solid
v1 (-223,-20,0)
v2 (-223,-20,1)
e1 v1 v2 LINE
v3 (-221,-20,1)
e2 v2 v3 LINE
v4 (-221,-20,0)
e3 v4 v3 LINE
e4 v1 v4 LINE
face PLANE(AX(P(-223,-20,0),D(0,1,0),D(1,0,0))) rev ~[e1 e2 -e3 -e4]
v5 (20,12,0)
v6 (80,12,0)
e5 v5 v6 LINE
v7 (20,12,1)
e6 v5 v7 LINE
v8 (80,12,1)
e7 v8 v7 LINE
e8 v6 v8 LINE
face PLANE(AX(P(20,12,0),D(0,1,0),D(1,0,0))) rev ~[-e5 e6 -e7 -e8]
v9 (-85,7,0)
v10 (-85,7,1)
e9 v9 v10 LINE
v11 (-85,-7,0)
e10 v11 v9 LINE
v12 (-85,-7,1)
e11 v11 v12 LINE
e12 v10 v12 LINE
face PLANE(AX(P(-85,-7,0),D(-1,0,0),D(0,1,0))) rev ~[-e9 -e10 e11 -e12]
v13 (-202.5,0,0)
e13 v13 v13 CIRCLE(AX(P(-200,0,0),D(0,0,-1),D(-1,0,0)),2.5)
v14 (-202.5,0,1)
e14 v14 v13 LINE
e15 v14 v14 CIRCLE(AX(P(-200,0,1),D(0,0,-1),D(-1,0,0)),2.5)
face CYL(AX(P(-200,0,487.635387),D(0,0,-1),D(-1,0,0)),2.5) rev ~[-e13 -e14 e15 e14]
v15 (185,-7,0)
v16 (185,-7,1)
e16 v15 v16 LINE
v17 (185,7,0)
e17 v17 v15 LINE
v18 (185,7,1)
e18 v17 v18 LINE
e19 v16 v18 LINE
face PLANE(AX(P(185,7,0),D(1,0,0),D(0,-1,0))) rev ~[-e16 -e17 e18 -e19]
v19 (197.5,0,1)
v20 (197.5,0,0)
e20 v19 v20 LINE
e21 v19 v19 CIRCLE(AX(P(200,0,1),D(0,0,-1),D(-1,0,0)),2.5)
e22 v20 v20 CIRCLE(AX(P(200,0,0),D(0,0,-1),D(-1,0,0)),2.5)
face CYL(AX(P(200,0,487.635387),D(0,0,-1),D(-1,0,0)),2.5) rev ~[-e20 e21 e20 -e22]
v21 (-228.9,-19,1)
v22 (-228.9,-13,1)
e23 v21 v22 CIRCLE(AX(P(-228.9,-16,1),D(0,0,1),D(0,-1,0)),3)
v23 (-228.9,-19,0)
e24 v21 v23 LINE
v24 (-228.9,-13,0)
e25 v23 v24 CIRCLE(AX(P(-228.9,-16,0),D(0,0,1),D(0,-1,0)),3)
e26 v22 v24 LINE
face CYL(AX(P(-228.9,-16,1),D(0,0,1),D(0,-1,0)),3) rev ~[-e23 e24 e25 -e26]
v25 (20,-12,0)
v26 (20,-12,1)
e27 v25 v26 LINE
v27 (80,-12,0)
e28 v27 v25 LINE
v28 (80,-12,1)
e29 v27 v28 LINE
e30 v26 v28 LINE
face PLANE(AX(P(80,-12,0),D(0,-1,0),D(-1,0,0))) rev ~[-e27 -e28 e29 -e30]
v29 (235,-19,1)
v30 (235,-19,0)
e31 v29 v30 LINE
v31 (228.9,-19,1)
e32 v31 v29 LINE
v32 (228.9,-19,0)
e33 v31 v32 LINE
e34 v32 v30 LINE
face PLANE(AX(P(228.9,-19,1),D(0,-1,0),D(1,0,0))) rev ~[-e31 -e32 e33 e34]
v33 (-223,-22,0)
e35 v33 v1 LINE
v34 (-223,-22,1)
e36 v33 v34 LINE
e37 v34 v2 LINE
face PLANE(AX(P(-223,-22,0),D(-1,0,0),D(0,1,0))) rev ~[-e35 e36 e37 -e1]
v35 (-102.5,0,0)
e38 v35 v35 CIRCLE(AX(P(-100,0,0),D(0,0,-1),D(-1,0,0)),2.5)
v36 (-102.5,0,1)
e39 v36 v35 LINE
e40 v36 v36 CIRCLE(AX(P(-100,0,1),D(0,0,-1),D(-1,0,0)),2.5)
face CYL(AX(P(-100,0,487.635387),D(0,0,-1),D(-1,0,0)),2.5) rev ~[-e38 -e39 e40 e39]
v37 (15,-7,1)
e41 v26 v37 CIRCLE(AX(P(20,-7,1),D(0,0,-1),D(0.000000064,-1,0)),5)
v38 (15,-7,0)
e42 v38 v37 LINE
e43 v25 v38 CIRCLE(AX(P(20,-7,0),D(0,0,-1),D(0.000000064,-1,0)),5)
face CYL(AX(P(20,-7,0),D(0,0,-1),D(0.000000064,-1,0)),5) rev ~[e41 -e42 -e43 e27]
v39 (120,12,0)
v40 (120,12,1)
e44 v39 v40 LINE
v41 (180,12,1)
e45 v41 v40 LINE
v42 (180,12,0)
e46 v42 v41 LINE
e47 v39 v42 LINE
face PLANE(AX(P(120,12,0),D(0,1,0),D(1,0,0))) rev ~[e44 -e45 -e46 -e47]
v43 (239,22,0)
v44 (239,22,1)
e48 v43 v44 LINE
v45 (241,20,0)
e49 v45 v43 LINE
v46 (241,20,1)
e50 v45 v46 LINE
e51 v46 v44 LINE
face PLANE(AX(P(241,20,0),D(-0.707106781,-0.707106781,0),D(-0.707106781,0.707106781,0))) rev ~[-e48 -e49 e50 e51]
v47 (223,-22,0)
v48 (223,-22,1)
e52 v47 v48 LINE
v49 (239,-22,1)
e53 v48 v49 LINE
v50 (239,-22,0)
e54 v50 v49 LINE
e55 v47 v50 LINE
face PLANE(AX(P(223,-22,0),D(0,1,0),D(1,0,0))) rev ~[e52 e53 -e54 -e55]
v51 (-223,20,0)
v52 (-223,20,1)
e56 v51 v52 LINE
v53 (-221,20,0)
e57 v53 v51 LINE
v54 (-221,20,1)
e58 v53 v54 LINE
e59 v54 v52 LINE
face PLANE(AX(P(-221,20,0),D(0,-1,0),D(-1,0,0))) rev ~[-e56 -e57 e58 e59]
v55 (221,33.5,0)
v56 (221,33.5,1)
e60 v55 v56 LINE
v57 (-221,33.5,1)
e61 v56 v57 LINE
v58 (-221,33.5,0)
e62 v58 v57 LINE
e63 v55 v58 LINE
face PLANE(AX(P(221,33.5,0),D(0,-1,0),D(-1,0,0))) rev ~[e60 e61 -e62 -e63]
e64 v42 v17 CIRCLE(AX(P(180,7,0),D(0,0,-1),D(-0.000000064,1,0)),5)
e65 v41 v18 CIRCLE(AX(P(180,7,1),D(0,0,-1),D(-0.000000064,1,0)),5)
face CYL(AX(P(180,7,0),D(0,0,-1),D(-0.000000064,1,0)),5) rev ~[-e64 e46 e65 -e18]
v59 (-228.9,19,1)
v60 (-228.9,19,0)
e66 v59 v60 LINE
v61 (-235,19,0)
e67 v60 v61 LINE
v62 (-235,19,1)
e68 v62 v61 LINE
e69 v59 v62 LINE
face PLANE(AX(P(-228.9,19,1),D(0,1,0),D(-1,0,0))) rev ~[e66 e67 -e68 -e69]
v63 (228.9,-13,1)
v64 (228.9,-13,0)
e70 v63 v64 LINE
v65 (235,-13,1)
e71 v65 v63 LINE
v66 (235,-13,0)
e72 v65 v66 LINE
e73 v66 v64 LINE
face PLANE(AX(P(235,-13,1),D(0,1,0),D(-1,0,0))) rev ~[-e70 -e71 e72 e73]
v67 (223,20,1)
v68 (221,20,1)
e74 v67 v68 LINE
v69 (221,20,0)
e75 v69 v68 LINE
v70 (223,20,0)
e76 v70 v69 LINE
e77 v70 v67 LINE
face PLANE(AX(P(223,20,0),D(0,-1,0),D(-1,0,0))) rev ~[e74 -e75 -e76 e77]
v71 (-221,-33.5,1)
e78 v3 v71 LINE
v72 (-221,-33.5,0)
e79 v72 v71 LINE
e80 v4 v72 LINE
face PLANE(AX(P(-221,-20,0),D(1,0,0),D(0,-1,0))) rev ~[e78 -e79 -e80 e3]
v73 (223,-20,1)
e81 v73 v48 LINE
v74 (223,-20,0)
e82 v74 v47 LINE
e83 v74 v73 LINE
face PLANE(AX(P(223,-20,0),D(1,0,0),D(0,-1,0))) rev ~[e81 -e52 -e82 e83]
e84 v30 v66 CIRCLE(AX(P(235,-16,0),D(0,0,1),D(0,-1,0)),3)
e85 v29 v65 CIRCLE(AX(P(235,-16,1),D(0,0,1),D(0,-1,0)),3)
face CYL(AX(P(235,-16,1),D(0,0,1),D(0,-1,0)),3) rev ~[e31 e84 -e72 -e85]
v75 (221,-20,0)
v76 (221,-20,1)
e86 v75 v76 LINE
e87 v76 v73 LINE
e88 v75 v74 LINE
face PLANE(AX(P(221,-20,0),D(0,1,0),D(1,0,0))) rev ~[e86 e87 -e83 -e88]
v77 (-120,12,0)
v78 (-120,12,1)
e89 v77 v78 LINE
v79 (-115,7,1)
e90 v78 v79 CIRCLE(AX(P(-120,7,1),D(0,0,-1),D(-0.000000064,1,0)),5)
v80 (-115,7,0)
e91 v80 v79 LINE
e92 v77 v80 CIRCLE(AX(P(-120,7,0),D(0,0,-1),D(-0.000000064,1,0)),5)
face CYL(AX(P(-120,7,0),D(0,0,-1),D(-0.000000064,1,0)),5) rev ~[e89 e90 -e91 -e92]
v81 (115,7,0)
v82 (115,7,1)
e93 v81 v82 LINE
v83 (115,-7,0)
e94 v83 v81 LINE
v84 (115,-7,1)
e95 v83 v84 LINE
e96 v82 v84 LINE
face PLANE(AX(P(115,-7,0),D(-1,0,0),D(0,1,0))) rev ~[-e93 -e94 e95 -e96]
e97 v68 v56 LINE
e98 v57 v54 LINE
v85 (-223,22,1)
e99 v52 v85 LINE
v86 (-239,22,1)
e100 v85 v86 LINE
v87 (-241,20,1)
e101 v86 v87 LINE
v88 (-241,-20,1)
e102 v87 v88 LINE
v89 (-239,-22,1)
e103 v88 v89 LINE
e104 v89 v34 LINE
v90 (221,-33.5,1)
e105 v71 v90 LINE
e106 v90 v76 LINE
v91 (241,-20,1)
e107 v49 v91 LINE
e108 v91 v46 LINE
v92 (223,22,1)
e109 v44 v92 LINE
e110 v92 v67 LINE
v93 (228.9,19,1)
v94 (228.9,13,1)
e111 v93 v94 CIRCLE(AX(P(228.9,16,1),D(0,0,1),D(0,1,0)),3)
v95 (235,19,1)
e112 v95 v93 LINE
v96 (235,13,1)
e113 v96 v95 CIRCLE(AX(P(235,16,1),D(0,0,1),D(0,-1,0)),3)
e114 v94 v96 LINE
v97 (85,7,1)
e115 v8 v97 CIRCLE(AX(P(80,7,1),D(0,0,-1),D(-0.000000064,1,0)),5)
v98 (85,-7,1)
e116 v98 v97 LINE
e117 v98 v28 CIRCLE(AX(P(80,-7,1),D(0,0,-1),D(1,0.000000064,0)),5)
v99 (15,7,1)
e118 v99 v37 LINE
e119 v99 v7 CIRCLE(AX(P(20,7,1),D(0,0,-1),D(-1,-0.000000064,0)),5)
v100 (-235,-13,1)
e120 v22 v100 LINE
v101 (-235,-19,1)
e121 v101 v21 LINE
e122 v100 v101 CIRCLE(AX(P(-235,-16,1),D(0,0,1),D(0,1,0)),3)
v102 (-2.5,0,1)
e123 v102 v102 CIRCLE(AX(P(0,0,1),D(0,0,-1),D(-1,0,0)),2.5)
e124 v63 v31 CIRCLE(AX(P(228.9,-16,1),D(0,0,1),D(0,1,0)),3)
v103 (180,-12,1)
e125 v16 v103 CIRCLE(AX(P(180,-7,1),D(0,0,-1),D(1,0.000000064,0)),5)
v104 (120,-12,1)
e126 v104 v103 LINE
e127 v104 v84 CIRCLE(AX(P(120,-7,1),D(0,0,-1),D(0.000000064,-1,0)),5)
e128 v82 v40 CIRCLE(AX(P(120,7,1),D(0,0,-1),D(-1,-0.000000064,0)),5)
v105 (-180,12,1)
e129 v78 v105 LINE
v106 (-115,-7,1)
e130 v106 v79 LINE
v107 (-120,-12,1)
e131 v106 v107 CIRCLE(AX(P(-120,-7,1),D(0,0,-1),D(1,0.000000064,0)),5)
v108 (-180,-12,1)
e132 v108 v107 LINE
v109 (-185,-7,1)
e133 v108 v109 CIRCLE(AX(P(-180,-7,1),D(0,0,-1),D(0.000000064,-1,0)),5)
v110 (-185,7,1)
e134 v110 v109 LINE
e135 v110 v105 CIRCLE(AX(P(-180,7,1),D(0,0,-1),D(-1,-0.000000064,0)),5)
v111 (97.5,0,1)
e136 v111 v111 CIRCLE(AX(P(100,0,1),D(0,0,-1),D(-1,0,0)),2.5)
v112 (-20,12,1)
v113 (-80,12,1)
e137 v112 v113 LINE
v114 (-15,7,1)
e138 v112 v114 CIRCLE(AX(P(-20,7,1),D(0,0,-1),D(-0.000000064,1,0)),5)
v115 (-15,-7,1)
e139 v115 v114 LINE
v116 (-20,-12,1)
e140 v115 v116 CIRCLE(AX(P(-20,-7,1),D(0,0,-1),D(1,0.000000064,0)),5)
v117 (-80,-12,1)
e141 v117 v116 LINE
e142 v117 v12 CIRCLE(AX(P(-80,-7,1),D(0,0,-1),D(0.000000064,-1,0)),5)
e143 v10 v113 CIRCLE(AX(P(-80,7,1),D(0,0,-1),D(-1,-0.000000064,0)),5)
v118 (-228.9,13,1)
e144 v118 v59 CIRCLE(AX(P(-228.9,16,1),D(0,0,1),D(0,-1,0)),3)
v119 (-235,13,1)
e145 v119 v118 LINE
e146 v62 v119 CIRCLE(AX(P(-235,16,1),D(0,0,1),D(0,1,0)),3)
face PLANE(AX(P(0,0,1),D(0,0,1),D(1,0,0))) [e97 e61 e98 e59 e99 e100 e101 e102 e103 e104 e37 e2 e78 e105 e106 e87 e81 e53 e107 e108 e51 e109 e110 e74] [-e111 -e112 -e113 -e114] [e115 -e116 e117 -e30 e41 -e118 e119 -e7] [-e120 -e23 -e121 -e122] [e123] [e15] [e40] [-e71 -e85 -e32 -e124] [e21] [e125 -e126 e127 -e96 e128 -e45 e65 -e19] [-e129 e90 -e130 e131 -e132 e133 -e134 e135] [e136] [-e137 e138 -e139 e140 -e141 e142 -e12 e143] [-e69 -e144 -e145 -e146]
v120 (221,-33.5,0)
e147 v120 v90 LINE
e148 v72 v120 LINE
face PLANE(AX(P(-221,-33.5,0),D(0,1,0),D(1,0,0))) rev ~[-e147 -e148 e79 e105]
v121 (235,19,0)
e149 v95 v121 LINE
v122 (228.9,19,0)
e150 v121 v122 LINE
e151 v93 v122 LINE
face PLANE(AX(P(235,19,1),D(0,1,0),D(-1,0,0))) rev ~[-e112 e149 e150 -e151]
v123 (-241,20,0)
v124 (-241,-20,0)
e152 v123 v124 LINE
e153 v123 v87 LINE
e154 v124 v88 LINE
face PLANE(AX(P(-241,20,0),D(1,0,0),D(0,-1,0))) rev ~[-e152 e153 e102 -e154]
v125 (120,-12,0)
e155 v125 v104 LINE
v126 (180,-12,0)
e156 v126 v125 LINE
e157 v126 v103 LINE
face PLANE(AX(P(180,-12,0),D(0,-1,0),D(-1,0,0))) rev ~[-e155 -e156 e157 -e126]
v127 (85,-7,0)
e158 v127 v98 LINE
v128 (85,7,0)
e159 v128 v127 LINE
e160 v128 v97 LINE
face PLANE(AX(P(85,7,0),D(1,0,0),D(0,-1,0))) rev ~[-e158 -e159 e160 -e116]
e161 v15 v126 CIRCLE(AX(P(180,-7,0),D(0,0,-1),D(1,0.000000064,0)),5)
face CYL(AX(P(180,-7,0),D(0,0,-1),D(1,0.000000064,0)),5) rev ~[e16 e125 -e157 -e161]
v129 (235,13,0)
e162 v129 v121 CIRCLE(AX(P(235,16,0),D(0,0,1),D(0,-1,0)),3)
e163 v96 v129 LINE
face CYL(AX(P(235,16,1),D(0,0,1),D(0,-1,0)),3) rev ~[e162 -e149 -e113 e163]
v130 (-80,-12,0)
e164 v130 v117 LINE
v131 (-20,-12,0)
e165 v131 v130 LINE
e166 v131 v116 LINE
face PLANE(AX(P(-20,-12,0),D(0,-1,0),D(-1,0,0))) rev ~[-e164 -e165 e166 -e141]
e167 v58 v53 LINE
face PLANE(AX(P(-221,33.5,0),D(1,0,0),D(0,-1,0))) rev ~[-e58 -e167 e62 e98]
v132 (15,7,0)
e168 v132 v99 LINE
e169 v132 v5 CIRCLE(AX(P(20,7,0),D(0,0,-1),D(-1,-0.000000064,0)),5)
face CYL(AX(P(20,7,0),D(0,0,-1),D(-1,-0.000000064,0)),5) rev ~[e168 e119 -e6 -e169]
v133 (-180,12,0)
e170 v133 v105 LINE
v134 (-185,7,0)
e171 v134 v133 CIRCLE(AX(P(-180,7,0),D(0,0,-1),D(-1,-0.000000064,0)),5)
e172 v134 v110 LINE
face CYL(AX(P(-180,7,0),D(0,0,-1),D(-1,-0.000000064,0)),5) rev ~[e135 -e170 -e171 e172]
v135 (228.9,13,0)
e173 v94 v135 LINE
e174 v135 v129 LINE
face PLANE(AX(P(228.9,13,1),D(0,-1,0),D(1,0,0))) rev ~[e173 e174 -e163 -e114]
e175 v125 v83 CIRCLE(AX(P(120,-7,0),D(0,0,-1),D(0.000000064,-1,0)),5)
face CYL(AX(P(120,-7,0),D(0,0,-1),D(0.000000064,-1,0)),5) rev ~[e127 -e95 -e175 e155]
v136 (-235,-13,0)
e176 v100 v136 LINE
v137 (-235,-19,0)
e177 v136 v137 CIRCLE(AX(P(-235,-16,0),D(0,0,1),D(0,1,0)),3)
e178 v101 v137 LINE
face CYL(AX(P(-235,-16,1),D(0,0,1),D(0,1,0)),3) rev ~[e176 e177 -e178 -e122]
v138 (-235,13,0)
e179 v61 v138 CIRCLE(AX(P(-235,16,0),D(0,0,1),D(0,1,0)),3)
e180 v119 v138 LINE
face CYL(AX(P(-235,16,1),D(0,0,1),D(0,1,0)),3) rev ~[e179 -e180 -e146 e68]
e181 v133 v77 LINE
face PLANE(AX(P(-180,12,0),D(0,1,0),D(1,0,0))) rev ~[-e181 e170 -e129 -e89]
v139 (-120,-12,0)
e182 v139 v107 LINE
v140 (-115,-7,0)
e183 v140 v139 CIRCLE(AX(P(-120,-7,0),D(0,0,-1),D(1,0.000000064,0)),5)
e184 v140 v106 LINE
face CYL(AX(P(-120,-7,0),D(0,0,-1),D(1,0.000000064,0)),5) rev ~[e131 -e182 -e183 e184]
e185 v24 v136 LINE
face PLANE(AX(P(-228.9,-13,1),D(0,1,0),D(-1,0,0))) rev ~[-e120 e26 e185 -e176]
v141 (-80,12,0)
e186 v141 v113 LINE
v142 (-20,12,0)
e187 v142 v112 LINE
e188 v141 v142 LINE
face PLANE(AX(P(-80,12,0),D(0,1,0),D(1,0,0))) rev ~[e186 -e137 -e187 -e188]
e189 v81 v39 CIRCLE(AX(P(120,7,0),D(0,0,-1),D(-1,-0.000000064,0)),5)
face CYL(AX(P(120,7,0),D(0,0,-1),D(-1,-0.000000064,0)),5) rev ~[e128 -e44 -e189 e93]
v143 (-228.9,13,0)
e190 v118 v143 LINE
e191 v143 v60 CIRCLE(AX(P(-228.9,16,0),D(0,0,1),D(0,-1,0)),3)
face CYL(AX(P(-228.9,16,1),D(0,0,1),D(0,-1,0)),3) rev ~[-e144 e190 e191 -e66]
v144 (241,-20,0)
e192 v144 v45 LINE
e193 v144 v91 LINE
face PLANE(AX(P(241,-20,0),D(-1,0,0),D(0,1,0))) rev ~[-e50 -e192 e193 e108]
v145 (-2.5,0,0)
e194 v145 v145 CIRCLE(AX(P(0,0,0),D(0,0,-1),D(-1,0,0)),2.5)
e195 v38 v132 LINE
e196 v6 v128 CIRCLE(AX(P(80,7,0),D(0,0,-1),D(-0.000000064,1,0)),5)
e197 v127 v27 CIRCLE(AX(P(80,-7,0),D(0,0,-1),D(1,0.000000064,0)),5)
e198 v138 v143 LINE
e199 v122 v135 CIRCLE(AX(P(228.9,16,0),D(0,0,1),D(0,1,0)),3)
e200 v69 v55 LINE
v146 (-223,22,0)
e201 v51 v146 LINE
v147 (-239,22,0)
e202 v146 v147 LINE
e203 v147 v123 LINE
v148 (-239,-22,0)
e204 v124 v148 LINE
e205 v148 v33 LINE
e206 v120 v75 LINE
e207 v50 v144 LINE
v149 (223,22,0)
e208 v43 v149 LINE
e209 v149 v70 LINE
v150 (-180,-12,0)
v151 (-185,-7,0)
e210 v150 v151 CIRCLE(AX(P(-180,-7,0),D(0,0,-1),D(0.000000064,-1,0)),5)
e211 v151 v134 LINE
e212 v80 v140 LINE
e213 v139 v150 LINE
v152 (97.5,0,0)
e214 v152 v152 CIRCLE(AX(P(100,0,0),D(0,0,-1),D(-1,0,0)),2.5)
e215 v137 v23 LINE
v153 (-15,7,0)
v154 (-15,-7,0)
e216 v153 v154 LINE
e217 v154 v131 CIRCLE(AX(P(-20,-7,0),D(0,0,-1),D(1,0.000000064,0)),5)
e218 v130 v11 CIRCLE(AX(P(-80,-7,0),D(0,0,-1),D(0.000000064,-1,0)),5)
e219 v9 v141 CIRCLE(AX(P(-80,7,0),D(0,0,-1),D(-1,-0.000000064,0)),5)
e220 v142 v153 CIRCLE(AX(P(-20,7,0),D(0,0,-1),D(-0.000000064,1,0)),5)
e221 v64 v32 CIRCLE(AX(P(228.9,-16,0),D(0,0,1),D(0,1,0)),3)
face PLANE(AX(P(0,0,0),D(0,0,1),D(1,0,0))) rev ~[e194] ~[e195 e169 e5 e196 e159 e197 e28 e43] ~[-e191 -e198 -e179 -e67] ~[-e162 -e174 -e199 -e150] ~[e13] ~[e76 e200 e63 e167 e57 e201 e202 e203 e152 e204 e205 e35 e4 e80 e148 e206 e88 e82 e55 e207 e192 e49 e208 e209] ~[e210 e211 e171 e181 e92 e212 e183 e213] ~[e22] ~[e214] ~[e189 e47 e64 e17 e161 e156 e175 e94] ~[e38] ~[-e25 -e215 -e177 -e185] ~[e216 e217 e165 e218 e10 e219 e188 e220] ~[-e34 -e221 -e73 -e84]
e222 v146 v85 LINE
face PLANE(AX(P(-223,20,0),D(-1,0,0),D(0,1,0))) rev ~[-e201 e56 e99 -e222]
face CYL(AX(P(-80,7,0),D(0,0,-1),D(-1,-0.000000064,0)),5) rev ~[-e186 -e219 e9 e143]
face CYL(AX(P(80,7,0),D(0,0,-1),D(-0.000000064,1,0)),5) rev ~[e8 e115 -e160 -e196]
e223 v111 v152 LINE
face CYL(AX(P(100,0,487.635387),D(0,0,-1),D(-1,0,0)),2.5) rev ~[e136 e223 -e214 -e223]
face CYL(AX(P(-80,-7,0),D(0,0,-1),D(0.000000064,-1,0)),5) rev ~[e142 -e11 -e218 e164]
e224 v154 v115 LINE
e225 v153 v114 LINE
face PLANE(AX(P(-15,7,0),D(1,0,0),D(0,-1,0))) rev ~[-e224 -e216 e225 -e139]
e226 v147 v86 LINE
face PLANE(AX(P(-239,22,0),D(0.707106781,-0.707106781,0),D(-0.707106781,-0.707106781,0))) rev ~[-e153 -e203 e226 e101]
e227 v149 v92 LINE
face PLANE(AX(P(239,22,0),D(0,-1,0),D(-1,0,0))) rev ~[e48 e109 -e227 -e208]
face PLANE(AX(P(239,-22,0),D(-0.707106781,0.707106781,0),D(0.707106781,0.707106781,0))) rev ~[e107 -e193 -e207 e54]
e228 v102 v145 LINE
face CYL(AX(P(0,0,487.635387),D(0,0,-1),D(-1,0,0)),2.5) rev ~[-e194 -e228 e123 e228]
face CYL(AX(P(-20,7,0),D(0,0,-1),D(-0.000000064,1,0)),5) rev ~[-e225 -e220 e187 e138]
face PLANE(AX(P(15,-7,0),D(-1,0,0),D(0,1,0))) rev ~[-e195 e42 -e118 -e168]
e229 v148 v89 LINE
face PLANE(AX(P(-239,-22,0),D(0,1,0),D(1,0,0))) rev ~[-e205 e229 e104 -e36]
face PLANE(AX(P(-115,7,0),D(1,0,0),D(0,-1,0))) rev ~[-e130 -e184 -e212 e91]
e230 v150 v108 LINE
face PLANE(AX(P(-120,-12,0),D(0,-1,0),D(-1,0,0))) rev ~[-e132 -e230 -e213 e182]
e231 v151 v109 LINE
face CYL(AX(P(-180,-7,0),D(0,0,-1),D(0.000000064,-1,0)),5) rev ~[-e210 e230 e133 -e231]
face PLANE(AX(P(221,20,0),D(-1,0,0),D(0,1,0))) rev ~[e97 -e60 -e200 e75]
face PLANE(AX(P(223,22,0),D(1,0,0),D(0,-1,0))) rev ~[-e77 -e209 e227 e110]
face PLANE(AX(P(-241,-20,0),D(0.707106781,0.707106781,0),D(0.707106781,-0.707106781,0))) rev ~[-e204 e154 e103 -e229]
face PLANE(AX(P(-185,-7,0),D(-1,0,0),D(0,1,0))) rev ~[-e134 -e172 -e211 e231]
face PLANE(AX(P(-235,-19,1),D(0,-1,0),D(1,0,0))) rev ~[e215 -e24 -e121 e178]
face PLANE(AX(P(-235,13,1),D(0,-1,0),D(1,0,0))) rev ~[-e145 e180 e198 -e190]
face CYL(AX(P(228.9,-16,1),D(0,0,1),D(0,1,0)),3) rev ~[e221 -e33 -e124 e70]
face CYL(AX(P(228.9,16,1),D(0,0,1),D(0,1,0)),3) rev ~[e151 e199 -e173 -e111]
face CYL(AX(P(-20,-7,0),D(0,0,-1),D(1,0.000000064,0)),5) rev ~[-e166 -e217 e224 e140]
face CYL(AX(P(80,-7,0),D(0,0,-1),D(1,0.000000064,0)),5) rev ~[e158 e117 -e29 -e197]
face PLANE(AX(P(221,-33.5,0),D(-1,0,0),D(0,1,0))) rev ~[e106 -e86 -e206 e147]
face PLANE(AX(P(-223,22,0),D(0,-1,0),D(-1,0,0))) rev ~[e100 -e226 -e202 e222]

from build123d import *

# Parameters (mm, degrees)
F1_DEPTH = 1
F3_D     = 5
F5_DEPTH = 25
F7_DEPTH = 25


with BuildPart() as f1:
    # F0 (on Top) → F1 (new body)
    with BuildSketch(Plane.XY):
        Polygon((221, 20), (221, 33.5), (0, 33.5), (-221, 33.5), (-221, 20), (-223, 20), (-223, 22), (-239, 22), (-241, 20), (-241, 0), (-241, -20), (-239, -22), (-223, -22), (-223, -20), (-221, -20), (-221, -33.5), (0, -33.5), (221, -33.5), (221, -20), (223, -20), (223, -22), (239, -22), (241, -20), (241, 0), (241, 20), (239, 22), (223, 22), (223, 20), align=None)
    extrude(amount=F1_DEPTH)

    # F3 (through all)
    with Locations(Plane.XY.offset(1)):
        with Locations((-200, 0), (-100, 0), (0, 0), (100, 0), (200, 0)):
            Hole(F3_D / 2)

    # F4 (on face) → F5 (cut)
    with BuildSketch(Plane.XY.offset(1)):
        with BuildLine():
            Line((-228.9, -13), (-235, -13))
            ThreePointArc((-235, -13), (-238, -16), (-235, -19))
            Line((-235, -19), (-228.9, -19))
            ThreePointArc((-228.9, -19), (-225.9, -16), (-228.9, -13))
        make_face()
        with BuildLine():
            ThreePointArc((-235, 19), (-238, 16), (-235, 13))
            Line((-235, 13), (-228.9, 13))
            ThreePointArc((-228.9, 13), (-225.9, 16), (-228.9, 19))
            Line((-228.9, 19), (-235, 19))
        make_face()
        with BuildLine():
            Line((228.9, 13), (235, 13))
            ThreePointArc((235, 13), (238, 16), (235, 19))
            Line((235, 19), (228.9, 19))
            ThreePointArc((228.9, 19), (225.9, 16), (228.9, 13))
        make_face()
        with BuildLine():
            ThreePointArc((228.9, -13), (225.9, -16), (228.9, -19))
            Line((228.9, -19), (235, -19))
            ThreePointArc((235, -19), (238, -16), (235, -13))
            Line((235, -13), (228.9, -13))
        make_face()
    extrude(amount=-F5_DEPTH, mode=Mode.SUBTRACT)

    # F6 (on face) → F7 (cut)
    with BuildSketch(Plane(origin=(0, 0, 0), x_dir=(1, 0, 0), z_dir=(0, 0, -1))):
        with BuildLine():
            ThreePointArc((120, 12), (116.464466, 10.535534), (115, 7))
            Line((115, 7), (115, -7))
            ThreePointArc((115, -7), (116.464466, -10.535534), (120, -12))
            Line((120, -12), (180, -12))
            ThreePointArc((180, -12), (183.535534, -10.535534), (185, -7))
            Line((185, -7), (185, 7))
            ThreePointArc((185, 7), (183.535534, 10.535534), (180, 12))
            Line((180, 12), (120, 12))
        make_face()
        with BuildLine():
            ThreePointArc((20, 12), (16.464466, 10.535534), (15, 7))
            Line((15, 7), (15, -7))
            ThreePointArc((15, -7), (16.464466, -10.535534), (20, -12))
            Line((20, -12), (80, -12))
            ThreePointArc((80, -12), (83.535534, -10.535534), (85, -7))
            Line((85, -7), (85, 7))
            ThreePointArc((85, 7), (83.535534, 10.535534), (80, 12))
            Line((80, 12), (20, 12))
        make_face()
        with BuildLine():
            ThreePointArc((-15, 7), (-16.464466, 10.535534), (-20, 12))
            Line((-20, 12), (-80, 12))
            ThreePointArc((-80, 12), (-83.535534, 10.535534), (-85, 7))
            Line((-85, 7), (-85, -7))
            ThreePointArc((-85, -7), (-83.535534, -10.535534), (-80, -12))
            Line((-80, -12), (-20, -12))
            ThreePointArc((-20, -12), (-16.464466, -10.535534), (-15, -7))
            Line((-15, -7), (-15, 7))
        make_face()
        with BuildLine():
            ThreePointArc((-115, 7), (-116.464466, 10.535534), (-120, 12))
            Line((-120, 12), (-180, 12))
            ThreePointArc((-180, 12), (-183.535534, 10.535534), (-185, 7))
            Line((-185, 7), (-185, -7))
            ThreePointArc((-185, -7), (-183.535534, -10.535534), (-180, -12))
            Line((-180, -12), (-120, -12))
            ThreePointArc((-120, -12), (-116.464466, -10.535534), (-115, -7))
            Line((-115, -7), (-115, 7))
        make_face()
    extrude(amount=-F7_DEPTH, mode=Mode.SUBTRACT)


solid = f1.part
